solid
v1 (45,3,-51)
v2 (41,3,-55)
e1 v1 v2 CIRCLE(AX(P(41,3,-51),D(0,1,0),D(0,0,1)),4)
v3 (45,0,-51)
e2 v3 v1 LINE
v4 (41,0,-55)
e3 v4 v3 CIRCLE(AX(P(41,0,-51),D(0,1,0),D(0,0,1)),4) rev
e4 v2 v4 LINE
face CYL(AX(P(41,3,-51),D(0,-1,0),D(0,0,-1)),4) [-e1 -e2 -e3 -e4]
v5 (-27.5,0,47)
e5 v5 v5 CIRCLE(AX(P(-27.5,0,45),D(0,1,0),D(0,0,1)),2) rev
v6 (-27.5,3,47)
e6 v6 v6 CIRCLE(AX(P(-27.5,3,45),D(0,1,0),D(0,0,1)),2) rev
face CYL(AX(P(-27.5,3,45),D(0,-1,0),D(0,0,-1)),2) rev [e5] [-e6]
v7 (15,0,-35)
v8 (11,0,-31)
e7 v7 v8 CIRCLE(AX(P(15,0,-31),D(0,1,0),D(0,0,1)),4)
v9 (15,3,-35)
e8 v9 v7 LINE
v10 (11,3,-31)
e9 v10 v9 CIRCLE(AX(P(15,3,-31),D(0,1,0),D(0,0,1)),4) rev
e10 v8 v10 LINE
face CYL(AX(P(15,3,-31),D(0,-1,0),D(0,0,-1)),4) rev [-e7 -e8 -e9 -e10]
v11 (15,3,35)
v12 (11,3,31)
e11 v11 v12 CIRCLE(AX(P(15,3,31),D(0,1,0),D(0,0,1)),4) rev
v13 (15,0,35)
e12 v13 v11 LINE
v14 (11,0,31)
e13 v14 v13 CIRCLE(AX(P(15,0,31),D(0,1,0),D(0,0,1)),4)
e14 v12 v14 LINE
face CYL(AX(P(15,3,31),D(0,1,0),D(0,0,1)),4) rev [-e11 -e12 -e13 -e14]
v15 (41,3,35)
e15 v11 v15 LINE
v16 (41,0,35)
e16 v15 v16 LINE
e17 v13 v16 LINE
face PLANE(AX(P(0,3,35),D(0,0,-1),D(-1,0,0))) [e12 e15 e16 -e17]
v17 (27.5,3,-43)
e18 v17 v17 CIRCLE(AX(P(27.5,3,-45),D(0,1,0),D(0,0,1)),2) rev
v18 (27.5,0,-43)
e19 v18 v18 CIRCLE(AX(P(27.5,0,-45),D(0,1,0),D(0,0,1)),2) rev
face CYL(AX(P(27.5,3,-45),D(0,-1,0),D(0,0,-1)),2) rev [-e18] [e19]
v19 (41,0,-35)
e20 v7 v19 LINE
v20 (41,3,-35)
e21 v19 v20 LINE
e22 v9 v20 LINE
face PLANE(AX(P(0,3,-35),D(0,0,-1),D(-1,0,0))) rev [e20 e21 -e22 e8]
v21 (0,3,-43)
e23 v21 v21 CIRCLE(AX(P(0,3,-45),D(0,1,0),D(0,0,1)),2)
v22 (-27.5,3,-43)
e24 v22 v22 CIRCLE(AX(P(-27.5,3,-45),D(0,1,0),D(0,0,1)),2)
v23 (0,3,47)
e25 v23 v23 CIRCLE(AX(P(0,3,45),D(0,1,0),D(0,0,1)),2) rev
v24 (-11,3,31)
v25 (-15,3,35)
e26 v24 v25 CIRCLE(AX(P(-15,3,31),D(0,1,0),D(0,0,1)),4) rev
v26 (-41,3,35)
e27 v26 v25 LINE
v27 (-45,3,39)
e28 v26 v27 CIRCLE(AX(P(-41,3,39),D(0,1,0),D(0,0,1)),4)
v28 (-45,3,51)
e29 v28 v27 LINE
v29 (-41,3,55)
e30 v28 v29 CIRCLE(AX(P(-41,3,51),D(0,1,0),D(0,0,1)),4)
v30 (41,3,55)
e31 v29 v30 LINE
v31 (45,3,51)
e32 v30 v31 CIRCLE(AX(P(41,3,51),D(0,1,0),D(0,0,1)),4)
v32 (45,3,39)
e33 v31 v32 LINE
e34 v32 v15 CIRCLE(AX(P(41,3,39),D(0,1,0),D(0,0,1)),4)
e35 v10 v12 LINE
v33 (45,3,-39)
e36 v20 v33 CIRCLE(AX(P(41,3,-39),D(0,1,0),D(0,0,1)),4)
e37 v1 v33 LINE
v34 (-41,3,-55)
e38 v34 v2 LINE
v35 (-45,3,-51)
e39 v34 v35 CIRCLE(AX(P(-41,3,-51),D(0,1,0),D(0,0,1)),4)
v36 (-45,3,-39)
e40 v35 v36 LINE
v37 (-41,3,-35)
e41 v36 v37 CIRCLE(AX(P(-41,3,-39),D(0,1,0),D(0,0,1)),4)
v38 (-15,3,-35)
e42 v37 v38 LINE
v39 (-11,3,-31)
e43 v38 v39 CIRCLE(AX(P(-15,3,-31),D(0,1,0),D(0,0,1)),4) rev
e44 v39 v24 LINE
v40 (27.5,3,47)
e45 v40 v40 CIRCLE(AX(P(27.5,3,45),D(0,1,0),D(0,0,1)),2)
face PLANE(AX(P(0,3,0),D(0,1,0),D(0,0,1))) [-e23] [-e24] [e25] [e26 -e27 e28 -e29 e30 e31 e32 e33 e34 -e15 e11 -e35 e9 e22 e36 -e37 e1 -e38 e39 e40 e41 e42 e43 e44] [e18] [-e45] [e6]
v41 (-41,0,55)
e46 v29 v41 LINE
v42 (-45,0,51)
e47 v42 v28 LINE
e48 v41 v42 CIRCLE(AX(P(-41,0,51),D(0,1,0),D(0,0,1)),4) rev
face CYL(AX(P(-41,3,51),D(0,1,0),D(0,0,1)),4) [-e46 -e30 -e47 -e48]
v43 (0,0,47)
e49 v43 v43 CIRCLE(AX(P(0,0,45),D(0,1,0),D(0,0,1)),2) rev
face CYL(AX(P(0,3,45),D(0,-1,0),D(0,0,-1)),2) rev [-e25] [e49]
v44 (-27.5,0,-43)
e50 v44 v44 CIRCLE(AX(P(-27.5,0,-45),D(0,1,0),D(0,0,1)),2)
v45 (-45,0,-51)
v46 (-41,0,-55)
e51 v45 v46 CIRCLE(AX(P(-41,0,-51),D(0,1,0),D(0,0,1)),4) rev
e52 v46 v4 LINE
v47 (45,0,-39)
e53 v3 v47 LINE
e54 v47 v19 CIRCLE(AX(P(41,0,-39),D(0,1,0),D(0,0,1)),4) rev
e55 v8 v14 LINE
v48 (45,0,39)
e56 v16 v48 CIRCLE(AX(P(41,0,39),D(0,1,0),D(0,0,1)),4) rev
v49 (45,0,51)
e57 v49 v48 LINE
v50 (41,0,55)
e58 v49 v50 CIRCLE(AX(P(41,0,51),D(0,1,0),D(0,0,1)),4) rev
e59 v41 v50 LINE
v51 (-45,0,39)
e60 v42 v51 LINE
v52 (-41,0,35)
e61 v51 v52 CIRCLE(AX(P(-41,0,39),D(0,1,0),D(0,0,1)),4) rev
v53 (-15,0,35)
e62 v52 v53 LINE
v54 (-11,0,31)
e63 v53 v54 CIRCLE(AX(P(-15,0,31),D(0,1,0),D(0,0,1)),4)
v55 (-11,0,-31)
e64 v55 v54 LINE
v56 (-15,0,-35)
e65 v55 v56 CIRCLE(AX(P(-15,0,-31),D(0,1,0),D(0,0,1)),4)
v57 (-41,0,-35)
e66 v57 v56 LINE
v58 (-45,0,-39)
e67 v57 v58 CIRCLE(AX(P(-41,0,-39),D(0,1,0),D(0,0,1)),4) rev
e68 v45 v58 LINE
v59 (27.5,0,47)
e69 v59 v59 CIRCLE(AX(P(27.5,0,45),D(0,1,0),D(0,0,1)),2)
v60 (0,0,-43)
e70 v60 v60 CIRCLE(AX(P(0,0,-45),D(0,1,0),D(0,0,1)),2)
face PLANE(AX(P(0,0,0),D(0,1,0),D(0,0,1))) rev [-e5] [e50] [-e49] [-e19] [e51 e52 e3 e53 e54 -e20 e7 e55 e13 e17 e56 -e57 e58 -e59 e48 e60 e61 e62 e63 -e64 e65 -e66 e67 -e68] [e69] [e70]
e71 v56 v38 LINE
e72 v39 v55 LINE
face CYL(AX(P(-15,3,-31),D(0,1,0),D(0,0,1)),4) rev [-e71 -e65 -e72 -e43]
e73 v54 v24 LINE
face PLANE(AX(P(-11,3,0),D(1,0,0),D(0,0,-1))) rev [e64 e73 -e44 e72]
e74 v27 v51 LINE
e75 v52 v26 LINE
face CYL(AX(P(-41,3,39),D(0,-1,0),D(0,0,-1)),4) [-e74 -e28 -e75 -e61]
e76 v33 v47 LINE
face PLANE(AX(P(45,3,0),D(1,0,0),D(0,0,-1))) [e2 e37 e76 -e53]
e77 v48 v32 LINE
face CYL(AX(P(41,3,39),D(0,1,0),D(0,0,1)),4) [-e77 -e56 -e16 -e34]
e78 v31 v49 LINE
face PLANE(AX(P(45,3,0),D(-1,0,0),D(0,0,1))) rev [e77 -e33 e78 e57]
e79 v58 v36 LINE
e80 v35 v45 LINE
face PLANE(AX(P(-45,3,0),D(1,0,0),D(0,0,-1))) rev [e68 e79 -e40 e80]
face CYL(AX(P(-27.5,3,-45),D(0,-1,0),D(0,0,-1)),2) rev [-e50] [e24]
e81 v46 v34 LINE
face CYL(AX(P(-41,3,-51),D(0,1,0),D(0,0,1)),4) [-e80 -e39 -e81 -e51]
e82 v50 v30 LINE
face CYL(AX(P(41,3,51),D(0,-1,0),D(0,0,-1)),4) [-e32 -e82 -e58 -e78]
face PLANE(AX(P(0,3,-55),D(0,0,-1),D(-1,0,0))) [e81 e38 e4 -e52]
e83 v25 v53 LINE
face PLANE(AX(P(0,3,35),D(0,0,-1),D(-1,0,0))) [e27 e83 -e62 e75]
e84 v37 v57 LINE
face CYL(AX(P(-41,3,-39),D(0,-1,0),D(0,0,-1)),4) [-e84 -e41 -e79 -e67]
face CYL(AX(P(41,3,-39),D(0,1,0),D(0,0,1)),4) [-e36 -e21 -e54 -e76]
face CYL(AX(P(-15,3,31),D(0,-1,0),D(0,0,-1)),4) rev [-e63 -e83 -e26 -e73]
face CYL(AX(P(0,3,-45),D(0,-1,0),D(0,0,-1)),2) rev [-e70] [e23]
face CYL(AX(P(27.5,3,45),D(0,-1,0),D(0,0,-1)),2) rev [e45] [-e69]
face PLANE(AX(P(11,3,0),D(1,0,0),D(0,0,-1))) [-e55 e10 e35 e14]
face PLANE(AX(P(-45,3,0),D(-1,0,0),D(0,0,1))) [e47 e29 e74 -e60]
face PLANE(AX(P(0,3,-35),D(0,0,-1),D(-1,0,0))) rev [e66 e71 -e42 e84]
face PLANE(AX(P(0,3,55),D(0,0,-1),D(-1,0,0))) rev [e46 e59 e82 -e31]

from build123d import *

# Parameters (mm, degrees)
SKETCH_1_W      = 22
SKETCH_1_H      = 70
SKETCH_1_R      = 2
EXTRUDE_1_DEPTH = 3
FILLET_1_R      = 4


with BuildPart() as part:
    # 草图1 → 凸台-拉伸1 (new body)
    # profile 1 of 3: a face of its own
    with BuildSketch(Plane(origin=(0, 0, 0), x_dir=(1, 0, 0), z_dir=(0, 1, 0))):
        Rectangle(SKETCH_1_W, SKETCH_1_H)
    # profile 2 of 3: a face of its own
    with BuildSketch(Plane(origin=(0, 0, 0), x_dir=(1, 0, 0), z_dir=(0, 1, 0))):
        Polygon((-45, 35), (-11, 35), (11, 35), (45, 35), (45, 55), (-45, 55), align=None)
        with Locations(Location((-27.5, 45, 0), (0, 0, 270))):
            Circle(SKETCH_1_R, mode=Mode.SUBTRACT)
        with Locations(Location((0, 45, 0), (0, 0, 270))):
            Circle(SKETCH_1_R, mode=Mode.SUBTRACT)
        with Locations(Location((27.5, 45, 0), (0, 0, 270))):
            Circle(SKETCH_1_R, mode=Mode.SUBTRACT)
    # profile 3 of 3: a face of its own
    with BuildSketch(Plane(origin=(0, 0, 0), x_dir=(1, 0, 0), z_dir=(0, 1, 0))):
        Polygon((11, -35), (-11, -35), (-45, -35), (-45, -55), (45, -55), (45, -35), align=None)
        with Locations(Location((-27.5, -45, 0), (0, 0, 270))):
            Circle(SKETCH_1_R, mode=Mode.SUBTRACT)
        with Locations(Location((0, -45, 0), (0, 0, 270))):
            Circle(SKETCH_1_R, mode=Mode.SUBTRACT)
        with Locations(Location((27.5, -45, 0), (0, 0, 270))):
            Circle(SKETCH_1_R, mode=Mode.SUBTRACT)
    extrude(amount=EXTRUDE_1_DEPTH)

    # 圆角1
    fillet_1_edges = [part.edges().sort_by_distance(p)[0] for p in [
        (11, 1.5, 35),
        (45, 1.5, 35),
        (45, 1.5, 55),
        (-45, 1.5, 55),
        (-45, 1.5, 35),
        (-11, 1.5, 35),
        (-11, 1.5, -35),
        (-45, 1.5, -35),
        (-45, 1.5, -55),
        (45, 1.5, -55),
        (45, 1.5, -35),
        (11, 1.5, -35),
    ]]
    fillet(fillet_1_edges, radius=FILLET_1_R)


solid = part.part
